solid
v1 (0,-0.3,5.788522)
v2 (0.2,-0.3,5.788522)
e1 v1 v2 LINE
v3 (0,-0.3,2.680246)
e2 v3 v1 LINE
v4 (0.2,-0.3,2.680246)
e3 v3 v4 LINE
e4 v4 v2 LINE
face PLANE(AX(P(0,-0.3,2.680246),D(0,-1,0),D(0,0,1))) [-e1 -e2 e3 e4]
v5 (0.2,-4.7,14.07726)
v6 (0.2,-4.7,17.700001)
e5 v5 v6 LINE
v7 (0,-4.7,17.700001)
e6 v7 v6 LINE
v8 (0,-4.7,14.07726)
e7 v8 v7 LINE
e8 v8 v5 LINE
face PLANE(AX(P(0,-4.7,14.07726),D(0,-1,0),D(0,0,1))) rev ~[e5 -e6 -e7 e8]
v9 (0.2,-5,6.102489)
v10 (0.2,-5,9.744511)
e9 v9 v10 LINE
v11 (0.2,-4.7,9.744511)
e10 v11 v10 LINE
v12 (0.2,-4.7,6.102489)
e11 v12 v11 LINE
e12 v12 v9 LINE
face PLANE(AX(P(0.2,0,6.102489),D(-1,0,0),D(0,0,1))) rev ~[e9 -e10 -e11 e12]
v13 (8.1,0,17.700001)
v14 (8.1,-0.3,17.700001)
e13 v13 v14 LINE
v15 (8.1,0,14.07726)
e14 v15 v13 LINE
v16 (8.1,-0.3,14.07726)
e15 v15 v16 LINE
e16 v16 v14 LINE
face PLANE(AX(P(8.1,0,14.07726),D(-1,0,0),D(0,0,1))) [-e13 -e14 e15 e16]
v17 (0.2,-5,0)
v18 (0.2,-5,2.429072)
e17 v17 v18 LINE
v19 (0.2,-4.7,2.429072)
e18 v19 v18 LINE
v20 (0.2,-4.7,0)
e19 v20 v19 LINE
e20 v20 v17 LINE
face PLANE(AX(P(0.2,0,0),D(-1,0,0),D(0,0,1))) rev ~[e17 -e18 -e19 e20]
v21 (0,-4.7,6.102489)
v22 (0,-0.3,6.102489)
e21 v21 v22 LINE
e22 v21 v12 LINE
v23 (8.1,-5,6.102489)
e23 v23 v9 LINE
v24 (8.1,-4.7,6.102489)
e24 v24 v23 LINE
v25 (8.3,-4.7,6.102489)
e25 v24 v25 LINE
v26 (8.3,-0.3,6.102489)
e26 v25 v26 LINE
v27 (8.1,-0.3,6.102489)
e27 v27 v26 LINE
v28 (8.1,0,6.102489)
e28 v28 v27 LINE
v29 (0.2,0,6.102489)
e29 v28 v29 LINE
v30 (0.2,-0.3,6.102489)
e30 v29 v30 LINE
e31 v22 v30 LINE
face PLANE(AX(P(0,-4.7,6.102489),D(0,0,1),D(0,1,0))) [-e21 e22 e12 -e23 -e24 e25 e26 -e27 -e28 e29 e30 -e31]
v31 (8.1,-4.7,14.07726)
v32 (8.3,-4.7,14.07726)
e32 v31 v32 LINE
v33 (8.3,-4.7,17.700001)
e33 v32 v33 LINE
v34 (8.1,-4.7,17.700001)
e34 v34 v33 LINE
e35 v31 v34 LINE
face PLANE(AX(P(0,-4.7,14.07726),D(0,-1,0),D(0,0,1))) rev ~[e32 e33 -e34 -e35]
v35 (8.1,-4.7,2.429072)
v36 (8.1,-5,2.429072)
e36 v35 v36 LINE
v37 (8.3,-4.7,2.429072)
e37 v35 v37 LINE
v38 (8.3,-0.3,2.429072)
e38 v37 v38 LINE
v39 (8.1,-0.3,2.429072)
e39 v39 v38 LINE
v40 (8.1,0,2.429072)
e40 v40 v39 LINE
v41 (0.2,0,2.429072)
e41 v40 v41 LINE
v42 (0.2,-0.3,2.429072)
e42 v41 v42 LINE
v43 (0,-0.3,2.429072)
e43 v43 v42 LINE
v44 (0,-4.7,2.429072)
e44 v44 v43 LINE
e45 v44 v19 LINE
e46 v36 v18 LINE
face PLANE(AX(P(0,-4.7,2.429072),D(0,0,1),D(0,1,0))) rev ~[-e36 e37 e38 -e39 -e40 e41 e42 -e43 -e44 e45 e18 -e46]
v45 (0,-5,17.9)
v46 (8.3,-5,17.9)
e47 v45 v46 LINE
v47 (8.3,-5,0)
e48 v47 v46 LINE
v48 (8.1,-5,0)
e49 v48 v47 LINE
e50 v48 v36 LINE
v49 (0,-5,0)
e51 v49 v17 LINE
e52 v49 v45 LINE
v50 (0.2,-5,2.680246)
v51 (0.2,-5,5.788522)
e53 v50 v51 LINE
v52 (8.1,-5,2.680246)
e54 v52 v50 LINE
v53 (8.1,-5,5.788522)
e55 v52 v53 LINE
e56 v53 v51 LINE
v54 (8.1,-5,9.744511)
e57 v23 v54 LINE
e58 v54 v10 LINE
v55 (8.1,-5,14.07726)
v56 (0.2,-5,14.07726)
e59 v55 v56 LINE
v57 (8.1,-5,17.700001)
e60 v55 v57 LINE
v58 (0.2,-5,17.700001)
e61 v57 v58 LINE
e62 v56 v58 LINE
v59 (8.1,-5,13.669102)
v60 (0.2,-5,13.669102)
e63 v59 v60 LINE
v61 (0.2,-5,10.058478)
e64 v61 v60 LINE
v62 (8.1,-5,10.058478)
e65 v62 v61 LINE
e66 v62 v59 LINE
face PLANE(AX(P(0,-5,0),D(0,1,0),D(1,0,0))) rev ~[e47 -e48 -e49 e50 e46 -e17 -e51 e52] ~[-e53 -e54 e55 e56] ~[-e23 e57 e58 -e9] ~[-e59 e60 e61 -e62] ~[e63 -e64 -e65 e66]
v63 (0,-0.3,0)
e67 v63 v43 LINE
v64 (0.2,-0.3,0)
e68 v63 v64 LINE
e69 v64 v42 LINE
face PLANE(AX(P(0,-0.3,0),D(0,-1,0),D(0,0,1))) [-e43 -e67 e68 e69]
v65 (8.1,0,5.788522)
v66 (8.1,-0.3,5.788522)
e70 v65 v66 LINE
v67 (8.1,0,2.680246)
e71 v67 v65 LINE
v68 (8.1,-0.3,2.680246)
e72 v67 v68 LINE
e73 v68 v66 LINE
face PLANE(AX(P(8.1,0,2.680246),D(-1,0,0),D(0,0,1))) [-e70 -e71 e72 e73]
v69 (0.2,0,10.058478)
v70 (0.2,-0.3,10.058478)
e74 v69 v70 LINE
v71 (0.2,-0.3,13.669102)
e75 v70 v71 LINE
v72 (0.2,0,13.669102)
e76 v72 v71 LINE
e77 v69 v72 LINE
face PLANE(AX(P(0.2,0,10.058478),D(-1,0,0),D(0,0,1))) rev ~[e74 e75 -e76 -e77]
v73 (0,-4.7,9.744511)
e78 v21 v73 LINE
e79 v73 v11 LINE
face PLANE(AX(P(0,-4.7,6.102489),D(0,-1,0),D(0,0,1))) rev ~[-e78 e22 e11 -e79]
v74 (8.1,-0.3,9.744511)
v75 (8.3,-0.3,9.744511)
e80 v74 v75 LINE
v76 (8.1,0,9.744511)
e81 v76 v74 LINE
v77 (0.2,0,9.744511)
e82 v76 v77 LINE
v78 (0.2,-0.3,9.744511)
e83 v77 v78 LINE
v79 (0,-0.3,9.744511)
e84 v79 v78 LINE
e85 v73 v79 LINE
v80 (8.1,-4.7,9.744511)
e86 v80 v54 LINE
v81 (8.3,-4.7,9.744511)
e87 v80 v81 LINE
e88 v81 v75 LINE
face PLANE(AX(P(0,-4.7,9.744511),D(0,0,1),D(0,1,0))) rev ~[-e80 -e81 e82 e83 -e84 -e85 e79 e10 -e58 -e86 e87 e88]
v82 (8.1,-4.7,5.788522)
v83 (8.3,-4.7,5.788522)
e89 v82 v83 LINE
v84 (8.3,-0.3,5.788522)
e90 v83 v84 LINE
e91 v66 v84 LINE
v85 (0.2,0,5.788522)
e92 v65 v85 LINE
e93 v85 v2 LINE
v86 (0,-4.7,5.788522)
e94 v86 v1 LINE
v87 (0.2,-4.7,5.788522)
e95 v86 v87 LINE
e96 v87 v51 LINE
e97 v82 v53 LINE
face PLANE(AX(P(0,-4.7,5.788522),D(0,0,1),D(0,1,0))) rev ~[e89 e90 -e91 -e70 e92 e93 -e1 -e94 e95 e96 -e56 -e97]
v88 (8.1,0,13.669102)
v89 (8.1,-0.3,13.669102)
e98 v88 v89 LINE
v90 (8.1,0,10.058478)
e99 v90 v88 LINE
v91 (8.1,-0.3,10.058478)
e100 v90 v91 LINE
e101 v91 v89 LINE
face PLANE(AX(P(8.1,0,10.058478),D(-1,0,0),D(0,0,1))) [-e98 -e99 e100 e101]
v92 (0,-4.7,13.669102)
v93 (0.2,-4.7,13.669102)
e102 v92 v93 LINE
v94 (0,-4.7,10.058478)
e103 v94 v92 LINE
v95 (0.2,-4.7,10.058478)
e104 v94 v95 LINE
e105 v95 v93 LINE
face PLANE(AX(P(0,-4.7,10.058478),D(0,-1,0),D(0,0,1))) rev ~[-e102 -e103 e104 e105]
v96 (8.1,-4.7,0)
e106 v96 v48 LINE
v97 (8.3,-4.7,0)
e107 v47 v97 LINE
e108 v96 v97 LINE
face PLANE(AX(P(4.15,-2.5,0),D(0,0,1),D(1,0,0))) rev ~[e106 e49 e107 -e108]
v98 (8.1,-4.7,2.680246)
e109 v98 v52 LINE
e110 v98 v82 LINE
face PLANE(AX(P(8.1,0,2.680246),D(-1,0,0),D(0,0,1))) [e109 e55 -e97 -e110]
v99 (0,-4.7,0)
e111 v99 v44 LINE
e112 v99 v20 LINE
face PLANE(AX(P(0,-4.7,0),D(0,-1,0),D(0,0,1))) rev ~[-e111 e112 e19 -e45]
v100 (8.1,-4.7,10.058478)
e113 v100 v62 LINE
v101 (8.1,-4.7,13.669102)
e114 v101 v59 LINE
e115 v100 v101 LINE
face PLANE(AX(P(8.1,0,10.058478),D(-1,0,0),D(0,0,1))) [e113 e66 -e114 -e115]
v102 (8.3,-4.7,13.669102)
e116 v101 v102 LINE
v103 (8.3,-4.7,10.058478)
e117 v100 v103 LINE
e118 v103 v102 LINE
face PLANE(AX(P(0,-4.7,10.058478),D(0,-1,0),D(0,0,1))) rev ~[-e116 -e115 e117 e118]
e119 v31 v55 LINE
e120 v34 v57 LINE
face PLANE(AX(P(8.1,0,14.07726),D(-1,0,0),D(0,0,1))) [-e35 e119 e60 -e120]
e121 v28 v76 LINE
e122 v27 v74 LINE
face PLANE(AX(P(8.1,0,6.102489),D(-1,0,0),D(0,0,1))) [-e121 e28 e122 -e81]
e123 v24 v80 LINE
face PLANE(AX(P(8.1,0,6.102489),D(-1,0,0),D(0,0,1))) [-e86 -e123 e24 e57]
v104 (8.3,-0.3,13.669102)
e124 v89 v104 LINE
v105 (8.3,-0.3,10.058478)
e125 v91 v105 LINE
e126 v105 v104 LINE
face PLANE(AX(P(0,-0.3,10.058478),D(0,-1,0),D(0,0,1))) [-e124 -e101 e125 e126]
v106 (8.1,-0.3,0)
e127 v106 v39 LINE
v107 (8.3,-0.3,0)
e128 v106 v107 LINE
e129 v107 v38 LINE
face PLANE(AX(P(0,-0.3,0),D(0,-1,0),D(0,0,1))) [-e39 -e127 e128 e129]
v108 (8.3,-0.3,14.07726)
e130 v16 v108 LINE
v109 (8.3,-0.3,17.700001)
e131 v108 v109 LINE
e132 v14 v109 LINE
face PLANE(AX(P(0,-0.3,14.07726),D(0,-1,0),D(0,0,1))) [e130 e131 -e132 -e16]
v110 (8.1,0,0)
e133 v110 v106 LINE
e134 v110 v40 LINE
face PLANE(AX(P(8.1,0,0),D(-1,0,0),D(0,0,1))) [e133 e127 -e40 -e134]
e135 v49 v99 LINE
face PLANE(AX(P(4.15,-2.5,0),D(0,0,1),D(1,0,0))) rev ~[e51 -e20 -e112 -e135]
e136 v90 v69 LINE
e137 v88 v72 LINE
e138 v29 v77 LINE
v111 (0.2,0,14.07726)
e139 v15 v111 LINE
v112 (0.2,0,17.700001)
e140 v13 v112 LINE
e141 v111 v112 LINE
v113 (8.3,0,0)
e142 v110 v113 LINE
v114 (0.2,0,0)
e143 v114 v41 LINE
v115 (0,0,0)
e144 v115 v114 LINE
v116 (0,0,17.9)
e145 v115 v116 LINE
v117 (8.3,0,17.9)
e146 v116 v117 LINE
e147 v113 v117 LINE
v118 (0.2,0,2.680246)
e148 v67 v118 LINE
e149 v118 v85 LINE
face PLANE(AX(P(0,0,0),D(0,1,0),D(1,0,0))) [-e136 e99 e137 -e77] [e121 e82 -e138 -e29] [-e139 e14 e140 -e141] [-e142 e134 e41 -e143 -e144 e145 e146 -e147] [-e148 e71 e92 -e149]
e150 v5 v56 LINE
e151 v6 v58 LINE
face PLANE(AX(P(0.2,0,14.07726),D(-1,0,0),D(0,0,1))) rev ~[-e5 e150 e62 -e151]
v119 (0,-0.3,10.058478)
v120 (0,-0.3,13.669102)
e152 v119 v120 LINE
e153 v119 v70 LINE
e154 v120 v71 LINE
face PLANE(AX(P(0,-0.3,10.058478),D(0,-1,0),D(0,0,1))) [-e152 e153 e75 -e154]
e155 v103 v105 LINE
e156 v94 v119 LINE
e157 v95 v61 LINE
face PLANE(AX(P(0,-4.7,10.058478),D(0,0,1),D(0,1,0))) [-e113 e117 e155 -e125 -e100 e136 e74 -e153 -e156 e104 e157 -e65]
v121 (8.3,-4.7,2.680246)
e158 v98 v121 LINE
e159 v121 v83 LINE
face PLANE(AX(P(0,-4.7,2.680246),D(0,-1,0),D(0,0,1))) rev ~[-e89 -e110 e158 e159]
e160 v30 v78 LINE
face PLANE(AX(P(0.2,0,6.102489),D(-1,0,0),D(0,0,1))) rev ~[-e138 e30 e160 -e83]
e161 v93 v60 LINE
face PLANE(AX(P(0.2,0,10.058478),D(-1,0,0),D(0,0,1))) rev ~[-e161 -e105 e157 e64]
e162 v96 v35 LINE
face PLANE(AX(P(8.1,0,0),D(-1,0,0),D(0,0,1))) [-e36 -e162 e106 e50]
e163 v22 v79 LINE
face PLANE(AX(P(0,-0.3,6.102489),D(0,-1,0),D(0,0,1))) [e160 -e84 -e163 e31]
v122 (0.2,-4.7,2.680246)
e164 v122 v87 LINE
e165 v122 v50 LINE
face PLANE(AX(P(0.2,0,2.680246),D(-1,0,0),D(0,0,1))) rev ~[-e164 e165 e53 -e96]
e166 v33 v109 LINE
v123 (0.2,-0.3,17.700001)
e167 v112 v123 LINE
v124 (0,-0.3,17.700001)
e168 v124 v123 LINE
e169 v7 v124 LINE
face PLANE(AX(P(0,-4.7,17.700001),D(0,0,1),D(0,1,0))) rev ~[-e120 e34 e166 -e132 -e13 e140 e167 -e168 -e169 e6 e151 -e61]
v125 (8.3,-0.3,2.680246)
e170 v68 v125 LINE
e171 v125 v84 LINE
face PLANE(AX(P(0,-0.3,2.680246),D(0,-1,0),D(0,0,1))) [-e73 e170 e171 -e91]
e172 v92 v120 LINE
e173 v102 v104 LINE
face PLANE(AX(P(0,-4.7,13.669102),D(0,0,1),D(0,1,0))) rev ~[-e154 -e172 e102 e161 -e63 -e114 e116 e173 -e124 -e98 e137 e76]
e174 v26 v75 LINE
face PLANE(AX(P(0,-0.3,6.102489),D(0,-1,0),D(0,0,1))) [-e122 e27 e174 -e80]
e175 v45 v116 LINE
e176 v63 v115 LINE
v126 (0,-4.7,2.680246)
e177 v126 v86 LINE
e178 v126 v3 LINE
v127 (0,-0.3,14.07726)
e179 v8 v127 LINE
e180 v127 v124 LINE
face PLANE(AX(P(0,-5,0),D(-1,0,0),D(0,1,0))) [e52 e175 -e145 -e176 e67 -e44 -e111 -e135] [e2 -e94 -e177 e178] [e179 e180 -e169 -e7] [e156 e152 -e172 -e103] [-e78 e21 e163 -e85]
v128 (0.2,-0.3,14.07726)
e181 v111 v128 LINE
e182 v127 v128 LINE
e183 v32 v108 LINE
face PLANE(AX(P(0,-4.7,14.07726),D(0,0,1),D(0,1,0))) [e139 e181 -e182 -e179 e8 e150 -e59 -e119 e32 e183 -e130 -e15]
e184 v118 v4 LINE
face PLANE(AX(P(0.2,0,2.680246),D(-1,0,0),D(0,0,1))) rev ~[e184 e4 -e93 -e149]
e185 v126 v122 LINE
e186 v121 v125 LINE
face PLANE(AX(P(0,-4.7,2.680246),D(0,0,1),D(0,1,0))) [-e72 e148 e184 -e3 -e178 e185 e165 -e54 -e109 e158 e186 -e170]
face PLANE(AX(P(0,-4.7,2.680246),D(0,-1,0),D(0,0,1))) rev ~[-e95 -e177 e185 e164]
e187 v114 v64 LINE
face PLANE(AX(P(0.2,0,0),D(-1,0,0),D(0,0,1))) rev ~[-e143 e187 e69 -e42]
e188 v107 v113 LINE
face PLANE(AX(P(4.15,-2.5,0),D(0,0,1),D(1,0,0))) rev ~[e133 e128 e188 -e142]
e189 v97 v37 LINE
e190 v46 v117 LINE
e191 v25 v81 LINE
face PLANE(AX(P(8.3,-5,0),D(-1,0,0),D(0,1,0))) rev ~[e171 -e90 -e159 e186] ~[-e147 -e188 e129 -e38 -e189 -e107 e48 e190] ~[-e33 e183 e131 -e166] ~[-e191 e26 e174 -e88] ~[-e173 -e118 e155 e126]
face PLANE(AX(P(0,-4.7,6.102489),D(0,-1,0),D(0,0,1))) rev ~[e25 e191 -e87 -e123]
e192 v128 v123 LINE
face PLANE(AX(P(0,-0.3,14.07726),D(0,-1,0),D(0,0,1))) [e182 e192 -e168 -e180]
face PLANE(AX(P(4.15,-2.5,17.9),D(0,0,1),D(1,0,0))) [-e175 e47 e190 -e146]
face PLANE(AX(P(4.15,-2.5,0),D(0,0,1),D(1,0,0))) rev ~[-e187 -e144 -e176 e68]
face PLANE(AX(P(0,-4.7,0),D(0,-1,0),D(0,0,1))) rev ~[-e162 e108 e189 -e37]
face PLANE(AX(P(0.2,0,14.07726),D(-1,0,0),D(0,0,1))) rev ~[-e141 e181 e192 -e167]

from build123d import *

# Parameters (mm, degrees)
F0_W     = 8.3
F0_H     = 5
F1_DEPTH = 17.9
F2_W     = 7.9
F2_H     = 3.622741
F2_H_2   = 3.610624
F2_H_3   = 3.642021
F2_H_4   = 3.108276
F2_H_5   = 2.429072
F3_DEPTH = 25
F4_W     = 4.4
F4_H     = 3.622741
F4_H_2   = 3.610624
F4_H_3   = 3.642021
F4_H_4   = 3.108276
F4_H_5   = 2.429072
F5_DEPTH = 25


with BuildPart() as f1:
    # F0 (on Top) → F1 (new body)
    with BuildSketch(Plane.XY):
        with Locations((4.15, -2.5)):
            Rectangle(F0_W, F0_H)
    extrude(amount=F1_DEPTH)

    # F2 (on face) → F3 (cut)
    with BuildSketch(Plane(origin=(0, 0, 0), x_dir=(-1, 0, 0), z_dir=(0, 1, 0))):
        with Locations((-4.15, 15.88863)):
            Rectangle(F2_W, F2_H)
        with Locations((-4.15, 11.86379)):
            Rectangle(F2_W, F2_H_2)
        with Locations((-4.15, 7.9235)):
            Rectangle(F2_W, F2_H_3)
        with Locations((-4.15, 4.234384)):
            Rectangle(F2_W, F2_H_4)
        with Locations((-4.15, 1.214536)):
            Rectangle(F2_W, F2_H_5)
    extrude(amount=-F3_DEPTH, mode=Mode.SUBTRACT)

    # F4 (on Right) → F5 (cut)
    with BuildSketch(Plane.YZ):
        with Locations((-2.5, 15.88863)):
            Rectangle(F4_W, F4_H)
        with Locations((-2.5, 11.86379)):
            Rectangle(F4_W, F4_H_2)
        with Locations((-2.5, 7.9235)):
            Rectangle(F4_W, F4_H_3)
        with Locations((-2.5, 4.234384)):
            Rectangle(F4_W, F4_H_4)
        with Locations((-2.5, 1.214536)):
            Rectangle(F4_W, F4_H_5)
    extrude(amount=F5_DEPTH, mode=Mode.SUBTRACT)


solid = f1.part
